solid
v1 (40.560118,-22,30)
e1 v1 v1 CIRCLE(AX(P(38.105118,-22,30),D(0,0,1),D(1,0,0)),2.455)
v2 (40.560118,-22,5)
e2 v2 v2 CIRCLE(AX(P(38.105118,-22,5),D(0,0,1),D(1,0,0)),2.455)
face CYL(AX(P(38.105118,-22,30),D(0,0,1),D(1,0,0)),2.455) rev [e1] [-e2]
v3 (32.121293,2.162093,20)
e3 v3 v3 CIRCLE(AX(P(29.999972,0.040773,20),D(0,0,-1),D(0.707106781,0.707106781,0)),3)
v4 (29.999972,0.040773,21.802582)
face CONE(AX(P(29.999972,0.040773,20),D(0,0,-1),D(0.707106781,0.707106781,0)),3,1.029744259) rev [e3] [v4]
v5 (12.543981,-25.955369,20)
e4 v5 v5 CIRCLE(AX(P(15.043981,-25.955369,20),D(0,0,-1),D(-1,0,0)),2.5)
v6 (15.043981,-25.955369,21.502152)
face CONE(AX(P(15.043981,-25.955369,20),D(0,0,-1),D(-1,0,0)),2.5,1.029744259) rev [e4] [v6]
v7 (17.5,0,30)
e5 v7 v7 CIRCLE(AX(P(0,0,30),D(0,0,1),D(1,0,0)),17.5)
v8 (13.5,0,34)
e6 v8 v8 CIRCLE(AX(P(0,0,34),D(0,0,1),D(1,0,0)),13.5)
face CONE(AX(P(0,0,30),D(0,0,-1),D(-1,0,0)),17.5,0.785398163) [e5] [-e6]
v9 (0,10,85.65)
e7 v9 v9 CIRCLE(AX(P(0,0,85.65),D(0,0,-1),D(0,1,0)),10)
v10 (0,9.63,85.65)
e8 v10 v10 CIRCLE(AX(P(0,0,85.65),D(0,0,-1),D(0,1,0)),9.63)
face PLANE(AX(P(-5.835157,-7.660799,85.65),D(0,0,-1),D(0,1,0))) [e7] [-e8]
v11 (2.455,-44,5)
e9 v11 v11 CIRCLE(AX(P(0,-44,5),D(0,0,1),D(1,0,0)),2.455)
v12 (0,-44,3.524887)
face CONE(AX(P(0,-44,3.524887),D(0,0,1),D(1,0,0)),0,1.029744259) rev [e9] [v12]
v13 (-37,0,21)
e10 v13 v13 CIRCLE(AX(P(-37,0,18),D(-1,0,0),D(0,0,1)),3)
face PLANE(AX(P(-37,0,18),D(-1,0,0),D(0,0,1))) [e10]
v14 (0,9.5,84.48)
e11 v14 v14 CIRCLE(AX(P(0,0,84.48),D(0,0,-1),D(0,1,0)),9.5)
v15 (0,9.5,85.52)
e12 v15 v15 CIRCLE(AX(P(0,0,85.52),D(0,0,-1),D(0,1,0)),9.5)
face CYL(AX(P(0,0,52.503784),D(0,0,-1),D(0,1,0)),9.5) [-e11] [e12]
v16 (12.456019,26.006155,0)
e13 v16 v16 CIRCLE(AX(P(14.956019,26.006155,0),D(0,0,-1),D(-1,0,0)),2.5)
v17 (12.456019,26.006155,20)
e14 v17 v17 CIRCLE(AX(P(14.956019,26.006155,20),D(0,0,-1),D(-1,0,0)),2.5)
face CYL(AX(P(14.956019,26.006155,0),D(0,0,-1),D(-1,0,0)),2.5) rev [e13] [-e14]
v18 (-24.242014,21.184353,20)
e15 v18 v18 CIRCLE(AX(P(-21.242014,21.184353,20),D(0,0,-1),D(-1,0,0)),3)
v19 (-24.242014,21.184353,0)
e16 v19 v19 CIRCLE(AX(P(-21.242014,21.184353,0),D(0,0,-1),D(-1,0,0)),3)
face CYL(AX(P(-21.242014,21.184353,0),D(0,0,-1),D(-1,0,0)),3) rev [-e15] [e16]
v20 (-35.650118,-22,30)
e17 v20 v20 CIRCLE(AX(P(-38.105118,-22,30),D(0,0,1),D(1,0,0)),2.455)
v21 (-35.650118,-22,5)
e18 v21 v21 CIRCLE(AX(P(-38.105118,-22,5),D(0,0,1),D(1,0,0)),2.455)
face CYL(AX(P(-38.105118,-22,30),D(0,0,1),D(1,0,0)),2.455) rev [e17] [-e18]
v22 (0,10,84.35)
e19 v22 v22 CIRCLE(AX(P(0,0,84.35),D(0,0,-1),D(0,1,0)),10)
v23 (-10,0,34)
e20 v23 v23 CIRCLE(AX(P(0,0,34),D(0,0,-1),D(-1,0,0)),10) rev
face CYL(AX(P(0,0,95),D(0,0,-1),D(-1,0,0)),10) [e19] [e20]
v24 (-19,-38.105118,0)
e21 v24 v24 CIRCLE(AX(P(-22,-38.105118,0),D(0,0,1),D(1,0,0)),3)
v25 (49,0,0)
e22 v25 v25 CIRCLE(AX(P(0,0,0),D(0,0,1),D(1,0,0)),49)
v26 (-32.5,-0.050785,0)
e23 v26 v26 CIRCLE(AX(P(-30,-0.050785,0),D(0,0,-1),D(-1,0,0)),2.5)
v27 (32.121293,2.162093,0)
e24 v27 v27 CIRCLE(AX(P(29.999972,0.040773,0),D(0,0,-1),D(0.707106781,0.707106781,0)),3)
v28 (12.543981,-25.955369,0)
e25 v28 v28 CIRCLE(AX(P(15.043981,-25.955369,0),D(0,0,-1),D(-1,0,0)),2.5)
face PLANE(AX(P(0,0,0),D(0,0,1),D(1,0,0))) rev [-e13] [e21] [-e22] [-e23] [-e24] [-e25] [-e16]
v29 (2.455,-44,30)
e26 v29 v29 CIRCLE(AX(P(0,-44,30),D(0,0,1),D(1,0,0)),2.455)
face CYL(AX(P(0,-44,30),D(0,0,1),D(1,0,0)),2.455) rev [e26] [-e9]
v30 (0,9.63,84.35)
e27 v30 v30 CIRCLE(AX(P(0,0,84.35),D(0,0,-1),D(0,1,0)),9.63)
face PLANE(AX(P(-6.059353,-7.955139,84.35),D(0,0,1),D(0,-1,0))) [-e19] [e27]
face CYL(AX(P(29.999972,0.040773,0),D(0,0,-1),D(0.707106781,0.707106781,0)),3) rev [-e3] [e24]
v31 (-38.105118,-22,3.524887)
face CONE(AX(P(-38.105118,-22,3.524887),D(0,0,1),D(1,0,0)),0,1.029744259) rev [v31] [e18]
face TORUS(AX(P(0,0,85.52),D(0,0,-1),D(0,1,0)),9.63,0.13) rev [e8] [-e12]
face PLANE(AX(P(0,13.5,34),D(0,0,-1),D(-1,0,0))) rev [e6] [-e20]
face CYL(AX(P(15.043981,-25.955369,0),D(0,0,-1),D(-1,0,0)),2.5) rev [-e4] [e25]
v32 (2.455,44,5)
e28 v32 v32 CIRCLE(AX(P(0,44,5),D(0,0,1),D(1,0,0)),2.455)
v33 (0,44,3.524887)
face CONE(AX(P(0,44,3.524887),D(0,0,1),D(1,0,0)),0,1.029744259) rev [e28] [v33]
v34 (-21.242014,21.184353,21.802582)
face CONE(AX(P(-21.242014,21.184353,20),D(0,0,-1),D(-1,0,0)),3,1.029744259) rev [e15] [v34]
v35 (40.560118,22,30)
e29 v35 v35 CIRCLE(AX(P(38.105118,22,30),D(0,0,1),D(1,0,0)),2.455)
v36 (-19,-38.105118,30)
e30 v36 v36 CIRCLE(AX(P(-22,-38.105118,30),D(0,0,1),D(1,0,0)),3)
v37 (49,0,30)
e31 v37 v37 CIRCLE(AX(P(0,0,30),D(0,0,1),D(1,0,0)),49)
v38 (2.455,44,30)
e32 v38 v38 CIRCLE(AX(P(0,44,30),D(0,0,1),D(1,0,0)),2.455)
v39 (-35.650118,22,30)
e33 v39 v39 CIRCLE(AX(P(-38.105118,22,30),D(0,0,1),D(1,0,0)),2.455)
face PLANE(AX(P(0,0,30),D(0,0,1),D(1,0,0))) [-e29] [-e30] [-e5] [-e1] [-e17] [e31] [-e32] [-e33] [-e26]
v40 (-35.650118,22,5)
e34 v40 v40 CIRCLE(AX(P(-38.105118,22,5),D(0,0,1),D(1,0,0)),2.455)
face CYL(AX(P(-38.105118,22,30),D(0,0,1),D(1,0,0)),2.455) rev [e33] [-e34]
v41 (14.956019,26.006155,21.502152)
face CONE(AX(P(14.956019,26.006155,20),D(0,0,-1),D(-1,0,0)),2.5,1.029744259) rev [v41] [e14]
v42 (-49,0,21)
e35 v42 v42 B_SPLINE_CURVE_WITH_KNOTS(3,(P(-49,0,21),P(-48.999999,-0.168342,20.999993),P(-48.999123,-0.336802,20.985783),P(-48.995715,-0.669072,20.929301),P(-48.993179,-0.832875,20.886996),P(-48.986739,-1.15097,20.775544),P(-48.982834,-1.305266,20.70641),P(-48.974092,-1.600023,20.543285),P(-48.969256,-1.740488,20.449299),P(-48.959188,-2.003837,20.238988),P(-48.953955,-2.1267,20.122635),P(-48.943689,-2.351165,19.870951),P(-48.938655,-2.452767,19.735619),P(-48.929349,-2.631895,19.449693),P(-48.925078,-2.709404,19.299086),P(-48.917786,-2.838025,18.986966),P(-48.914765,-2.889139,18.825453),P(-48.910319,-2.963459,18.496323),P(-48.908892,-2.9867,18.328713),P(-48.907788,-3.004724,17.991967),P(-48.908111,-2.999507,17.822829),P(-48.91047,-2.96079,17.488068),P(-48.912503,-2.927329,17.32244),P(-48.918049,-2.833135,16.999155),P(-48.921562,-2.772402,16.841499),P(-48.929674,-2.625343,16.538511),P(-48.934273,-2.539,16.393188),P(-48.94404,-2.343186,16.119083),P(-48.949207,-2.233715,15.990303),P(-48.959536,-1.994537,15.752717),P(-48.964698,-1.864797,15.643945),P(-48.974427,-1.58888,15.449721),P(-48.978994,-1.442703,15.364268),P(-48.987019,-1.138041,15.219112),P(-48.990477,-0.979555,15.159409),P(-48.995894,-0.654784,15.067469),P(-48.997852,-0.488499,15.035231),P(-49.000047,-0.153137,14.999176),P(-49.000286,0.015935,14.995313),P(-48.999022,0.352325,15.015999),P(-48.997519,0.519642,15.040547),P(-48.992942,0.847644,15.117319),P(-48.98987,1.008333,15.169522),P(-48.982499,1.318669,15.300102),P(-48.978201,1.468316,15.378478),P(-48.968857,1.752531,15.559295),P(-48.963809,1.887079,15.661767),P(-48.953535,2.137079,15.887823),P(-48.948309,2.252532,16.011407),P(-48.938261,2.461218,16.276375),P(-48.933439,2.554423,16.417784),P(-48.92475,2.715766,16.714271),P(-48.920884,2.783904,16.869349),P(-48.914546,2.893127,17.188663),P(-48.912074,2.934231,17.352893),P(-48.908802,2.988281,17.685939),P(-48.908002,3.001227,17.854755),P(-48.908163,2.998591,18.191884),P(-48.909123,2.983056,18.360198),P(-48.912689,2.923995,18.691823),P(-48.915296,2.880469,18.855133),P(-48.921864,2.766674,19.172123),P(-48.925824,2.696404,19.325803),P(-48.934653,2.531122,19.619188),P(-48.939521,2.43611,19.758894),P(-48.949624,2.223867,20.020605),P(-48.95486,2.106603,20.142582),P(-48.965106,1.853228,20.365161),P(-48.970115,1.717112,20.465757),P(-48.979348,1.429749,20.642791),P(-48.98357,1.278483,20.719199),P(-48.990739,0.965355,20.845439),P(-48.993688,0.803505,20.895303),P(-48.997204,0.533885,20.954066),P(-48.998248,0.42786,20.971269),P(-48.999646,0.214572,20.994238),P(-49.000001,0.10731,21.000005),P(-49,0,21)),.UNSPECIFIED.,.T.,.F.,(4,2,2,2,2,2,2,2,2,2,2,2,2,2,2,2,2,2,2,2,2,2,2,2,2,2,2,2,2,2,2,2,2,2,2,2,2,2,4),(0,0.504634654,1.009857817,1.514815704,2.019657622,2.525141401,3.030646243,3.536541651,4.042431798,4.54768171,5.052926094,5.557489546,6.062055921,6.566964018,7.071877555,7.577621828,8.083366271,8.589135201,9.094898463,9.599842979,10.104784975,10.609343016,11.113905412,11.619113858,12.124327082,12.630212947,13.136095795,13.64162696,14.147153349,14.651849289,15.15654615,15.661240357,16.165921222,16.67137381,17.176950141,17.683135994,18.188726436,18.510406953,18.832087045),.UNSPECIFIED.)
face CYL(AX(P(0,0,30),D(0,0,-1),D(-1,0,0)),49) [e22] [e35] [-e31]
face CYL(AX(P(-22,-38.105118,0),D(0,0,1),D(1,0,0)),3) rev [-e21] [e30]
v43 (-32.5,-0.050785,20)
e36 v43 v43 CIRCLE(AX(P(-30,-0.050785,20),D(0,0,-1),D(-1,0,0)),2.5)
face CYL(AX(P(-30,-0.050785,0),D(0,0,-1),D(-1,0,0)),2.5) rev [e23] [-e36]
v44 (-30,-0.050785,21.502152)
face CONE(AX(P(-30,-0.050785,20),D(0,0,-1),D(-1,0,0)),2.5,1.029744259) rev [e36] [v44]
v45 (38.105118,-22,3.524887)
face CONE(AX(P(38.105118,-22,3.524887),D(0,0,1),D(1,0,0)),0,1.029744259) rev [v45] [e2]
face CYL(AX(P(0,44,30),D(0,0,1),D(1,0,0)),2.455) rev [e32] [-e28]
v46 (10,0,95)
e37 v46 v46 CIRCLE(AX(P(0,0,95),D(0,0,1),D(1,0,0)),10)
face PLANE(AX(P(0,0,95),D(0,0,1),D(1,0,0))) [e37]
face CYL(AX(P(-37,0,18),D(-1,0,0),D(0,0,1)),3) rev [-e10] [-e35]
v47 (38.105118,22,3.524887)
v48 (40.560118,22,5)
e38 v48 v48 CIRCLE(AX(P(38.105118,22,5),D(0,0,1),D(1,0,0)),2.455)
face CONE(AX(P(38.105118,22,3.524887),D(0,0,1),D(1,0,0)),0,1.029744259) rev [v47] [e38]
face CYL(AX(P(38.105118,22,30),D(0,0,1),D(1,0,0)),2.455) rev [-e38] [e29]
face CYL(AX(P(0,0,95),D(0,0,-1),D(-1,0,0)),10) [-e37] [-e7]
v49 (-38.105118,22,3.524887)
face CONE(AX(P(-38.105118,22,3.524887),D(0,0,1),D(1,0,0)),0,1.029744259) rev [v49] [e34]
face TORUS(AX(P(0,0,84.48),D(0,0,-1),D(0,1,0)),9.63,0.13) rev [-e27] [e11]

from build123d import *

# Parameters (mm, degrees)
ESQUISSE1_R                  = 49
BASE_EXTRUSION_DEPTH         = 30
ESQUISSE20_R                 = 3
ENL_V_MAT_EXTRU_4_DEPTH      = 12
ESQUISSE3_R                  = 10
BOSS_EXTRU_1_DEPTH           = 61
ESQUISSE11_R                 = 3
ENL_V_MAT_EXTRU_3_DEPTH      = 31.0000001
R_P_TITION_CIRCULAIRE1_COUNT = 6
R_P_TITION_CIRCULAIRE3_COUNT = 2
R_P_TITION_CIRCULAIRE3_ANGLE = 135
R_P_TITION_CIRCULAIRE4_COUNT = 3


with BuildPart() as part:
    # Esquisse1 → Base-Extrusion (new body)
    with BuildSketch(Plane.XY):
        Circle(ESQUISSE1_R)
    extrude(amount=BASE_EXTRUSION_DEPTH)

    # Esquisse2 → Boss.-Révol.1 (revolve)
    with BuildSketch(Plane(origin=(0, 0, 0), x_dir=(0, 0, -1), z_dir=(1, 0, 0))):
        Polygon((-30, 0), (-30, 17.5), (-34, 13.5), (-34, 0), align=None)
    revolve(axis=Axis((0, 0, 38.858858859), (0, 0, -1)))

    # Esquisse20 → Enlèv. mat.-Extru.4 (cut)
    with BuildSketch(Plane(origin=(-49, 0, 15), x_dir=(0, 1, 0), z_dir=(-1, 0, 0))):
        with Locations((0, -3)):
            Circle(ESQUISSE20_R)
    extrude(amount=-ENL_V_MAT_EXTRU_4_DEPTH, mode=Mode.SUBTRACT)

    # Esquisse3 → Boss.-Extru.1 (add)
    with BuildSketch(Plane.XY.offset(34)):
        Circle(ESQUISSE3_R)
    extrude(amount=BOSS_EXTRU_1_DEPTH)

    # Esquisse11 → Enlèv. mat.-Extru.3 (cut, through all)
    with BuildSketch(Plane.XY.offset(30)):
        with Locations((-22, -38.105117767)):
            Circle(ESQUISSE11_R)
    extrude(amount=-ENL_V_MAT_EXTRU_3_DEPTH, mode=Mode.SUBTRACT)

    # Esquisse12 → Perçage2 (revolve, cut)
    with BuildSketch(Plane(origin=(0, -44, 30), x_dir=(0, -1, 0), z_dir=(1, 0, 0))):
        Polygon((0, 0), (0, 26.47511282), (2.455, 25), (2.455, 0), align=None)
    per_age2 = revolve(axis=Axis((0, -44, 34.244199587), (0, 0, -1)), mode=Mode.SUBTRACT)

    # Répétition circulaire1: Perçage2 ×6 about axis
    r_p_tition_circulaire1_axis = Axis((0, 0, 0), (0, 0, 1))
    for i in range(1, R_P_TITION_CIRCULAIRE1_COUNT):
        add(per_age2.rotate(r_p_tition_circulaire1_axis, i * 360 / R_P_TITION_CIRCULAIRE1_COUNT), mode=Mode.SUBTRACT)

    # Esquisse16 → Perçage4 (revolve, cut)
    with BuildSketch(Plane(origin=(-21.242014496, 21.184353192, 0), x_dir=(0, 1, 0), z_dir=(1, 0, 0))):
        Polygon((0, 0), (0, 21.802581857), (3, 20), (3, 0), align=None)
    per_age4 = revolve(axis=Axis((-21.242014496, 21.184353192, -6.35), (0, 0, 1)), mode=Mode.SUBTRACT)

    # Répétition circulaire3: Perçage4 ×2 about axis
    r_p_tition_circulaire3_axis = Axis((0, 0, 0), (0, 0, -1))
    for i in range(1, R_P_TITION_CIRCULAIRE3_COUNT):
        add(per_age4.rotate(r_p_tition_circulaire3_axis, i * R_P_TITION_CIRCULAIRE3_ANGLE / (R_P_TITION_CIRCULAIRE3_COUNT - 1)), mode=Mode.SUBTRACT)

    # Esquisse18 → Perçage5 (revolve, cut)
    with BuildSketch(Plane(origin=(-30, -0.050785262, 0), x_dir=(0, 1, 0), z_dir=(1, 0, 0))):
        Polygon((0, 0), (0, 21.502151548), (2.5, 20), (2.5, 0), align=None)
    per_age5 = revolve(axis=Axis((-30, -0.050785262, -6.35), (0, 0, 1)), mode=Mode.SUBTRACT)

    # Répétition circulaire4: Perçage5 ×3 about axis
    r_p_tition_circulaire4_axis = Axis((0, 0, 0), (0, 0, 1))
    for i in range(1, R_P_TITION_CIRCULAIRE4_COUNT):
        add(per_age5.rotate(r_p_tition_circulaire4_axis, i * 360 / R_P_TITION_CIRCULAIRE4_COUNT), mode=Mode.SUBTRACT)

    # Groove Sketch → Retaining Ring Groove (revolve, cut)
    with BuildSketch(Plane(origin=(2.765923972, 3.631297113, 10.621036492), x_dir=(-0.506744947, -0.665289965, 0.548268931), z_dir=(0.795513937, -0.60593529, 0))):
        with BuildLine():
            Line((53.007122247, -54.964355603), (53.316554018, -54.761496098))
            Line((53.316554018, -54.761496098), (52.603804408, -53.674303387))
            Line((52.603804408, -53.674303387), (52.294372636, -53.877162891))
            ThreePointArc((52.294372636, -53.877162891), (52.238372455, -53.959405037), (52.256928326, -54.057157123))
            Line((52.256928326, -54.057157123), (52.827128014, -54.926911293))
            ThreePointArc((52.827128014, -54.926911293), (52.90937016, -54.982911474), (53.007122247, -54.964355603))
        make_face()
    revolve(axis=Axis((0, 0, 52.503783955), (0, 0, -1)), mode=Mode.SUBTRACT)


solid = part.part
